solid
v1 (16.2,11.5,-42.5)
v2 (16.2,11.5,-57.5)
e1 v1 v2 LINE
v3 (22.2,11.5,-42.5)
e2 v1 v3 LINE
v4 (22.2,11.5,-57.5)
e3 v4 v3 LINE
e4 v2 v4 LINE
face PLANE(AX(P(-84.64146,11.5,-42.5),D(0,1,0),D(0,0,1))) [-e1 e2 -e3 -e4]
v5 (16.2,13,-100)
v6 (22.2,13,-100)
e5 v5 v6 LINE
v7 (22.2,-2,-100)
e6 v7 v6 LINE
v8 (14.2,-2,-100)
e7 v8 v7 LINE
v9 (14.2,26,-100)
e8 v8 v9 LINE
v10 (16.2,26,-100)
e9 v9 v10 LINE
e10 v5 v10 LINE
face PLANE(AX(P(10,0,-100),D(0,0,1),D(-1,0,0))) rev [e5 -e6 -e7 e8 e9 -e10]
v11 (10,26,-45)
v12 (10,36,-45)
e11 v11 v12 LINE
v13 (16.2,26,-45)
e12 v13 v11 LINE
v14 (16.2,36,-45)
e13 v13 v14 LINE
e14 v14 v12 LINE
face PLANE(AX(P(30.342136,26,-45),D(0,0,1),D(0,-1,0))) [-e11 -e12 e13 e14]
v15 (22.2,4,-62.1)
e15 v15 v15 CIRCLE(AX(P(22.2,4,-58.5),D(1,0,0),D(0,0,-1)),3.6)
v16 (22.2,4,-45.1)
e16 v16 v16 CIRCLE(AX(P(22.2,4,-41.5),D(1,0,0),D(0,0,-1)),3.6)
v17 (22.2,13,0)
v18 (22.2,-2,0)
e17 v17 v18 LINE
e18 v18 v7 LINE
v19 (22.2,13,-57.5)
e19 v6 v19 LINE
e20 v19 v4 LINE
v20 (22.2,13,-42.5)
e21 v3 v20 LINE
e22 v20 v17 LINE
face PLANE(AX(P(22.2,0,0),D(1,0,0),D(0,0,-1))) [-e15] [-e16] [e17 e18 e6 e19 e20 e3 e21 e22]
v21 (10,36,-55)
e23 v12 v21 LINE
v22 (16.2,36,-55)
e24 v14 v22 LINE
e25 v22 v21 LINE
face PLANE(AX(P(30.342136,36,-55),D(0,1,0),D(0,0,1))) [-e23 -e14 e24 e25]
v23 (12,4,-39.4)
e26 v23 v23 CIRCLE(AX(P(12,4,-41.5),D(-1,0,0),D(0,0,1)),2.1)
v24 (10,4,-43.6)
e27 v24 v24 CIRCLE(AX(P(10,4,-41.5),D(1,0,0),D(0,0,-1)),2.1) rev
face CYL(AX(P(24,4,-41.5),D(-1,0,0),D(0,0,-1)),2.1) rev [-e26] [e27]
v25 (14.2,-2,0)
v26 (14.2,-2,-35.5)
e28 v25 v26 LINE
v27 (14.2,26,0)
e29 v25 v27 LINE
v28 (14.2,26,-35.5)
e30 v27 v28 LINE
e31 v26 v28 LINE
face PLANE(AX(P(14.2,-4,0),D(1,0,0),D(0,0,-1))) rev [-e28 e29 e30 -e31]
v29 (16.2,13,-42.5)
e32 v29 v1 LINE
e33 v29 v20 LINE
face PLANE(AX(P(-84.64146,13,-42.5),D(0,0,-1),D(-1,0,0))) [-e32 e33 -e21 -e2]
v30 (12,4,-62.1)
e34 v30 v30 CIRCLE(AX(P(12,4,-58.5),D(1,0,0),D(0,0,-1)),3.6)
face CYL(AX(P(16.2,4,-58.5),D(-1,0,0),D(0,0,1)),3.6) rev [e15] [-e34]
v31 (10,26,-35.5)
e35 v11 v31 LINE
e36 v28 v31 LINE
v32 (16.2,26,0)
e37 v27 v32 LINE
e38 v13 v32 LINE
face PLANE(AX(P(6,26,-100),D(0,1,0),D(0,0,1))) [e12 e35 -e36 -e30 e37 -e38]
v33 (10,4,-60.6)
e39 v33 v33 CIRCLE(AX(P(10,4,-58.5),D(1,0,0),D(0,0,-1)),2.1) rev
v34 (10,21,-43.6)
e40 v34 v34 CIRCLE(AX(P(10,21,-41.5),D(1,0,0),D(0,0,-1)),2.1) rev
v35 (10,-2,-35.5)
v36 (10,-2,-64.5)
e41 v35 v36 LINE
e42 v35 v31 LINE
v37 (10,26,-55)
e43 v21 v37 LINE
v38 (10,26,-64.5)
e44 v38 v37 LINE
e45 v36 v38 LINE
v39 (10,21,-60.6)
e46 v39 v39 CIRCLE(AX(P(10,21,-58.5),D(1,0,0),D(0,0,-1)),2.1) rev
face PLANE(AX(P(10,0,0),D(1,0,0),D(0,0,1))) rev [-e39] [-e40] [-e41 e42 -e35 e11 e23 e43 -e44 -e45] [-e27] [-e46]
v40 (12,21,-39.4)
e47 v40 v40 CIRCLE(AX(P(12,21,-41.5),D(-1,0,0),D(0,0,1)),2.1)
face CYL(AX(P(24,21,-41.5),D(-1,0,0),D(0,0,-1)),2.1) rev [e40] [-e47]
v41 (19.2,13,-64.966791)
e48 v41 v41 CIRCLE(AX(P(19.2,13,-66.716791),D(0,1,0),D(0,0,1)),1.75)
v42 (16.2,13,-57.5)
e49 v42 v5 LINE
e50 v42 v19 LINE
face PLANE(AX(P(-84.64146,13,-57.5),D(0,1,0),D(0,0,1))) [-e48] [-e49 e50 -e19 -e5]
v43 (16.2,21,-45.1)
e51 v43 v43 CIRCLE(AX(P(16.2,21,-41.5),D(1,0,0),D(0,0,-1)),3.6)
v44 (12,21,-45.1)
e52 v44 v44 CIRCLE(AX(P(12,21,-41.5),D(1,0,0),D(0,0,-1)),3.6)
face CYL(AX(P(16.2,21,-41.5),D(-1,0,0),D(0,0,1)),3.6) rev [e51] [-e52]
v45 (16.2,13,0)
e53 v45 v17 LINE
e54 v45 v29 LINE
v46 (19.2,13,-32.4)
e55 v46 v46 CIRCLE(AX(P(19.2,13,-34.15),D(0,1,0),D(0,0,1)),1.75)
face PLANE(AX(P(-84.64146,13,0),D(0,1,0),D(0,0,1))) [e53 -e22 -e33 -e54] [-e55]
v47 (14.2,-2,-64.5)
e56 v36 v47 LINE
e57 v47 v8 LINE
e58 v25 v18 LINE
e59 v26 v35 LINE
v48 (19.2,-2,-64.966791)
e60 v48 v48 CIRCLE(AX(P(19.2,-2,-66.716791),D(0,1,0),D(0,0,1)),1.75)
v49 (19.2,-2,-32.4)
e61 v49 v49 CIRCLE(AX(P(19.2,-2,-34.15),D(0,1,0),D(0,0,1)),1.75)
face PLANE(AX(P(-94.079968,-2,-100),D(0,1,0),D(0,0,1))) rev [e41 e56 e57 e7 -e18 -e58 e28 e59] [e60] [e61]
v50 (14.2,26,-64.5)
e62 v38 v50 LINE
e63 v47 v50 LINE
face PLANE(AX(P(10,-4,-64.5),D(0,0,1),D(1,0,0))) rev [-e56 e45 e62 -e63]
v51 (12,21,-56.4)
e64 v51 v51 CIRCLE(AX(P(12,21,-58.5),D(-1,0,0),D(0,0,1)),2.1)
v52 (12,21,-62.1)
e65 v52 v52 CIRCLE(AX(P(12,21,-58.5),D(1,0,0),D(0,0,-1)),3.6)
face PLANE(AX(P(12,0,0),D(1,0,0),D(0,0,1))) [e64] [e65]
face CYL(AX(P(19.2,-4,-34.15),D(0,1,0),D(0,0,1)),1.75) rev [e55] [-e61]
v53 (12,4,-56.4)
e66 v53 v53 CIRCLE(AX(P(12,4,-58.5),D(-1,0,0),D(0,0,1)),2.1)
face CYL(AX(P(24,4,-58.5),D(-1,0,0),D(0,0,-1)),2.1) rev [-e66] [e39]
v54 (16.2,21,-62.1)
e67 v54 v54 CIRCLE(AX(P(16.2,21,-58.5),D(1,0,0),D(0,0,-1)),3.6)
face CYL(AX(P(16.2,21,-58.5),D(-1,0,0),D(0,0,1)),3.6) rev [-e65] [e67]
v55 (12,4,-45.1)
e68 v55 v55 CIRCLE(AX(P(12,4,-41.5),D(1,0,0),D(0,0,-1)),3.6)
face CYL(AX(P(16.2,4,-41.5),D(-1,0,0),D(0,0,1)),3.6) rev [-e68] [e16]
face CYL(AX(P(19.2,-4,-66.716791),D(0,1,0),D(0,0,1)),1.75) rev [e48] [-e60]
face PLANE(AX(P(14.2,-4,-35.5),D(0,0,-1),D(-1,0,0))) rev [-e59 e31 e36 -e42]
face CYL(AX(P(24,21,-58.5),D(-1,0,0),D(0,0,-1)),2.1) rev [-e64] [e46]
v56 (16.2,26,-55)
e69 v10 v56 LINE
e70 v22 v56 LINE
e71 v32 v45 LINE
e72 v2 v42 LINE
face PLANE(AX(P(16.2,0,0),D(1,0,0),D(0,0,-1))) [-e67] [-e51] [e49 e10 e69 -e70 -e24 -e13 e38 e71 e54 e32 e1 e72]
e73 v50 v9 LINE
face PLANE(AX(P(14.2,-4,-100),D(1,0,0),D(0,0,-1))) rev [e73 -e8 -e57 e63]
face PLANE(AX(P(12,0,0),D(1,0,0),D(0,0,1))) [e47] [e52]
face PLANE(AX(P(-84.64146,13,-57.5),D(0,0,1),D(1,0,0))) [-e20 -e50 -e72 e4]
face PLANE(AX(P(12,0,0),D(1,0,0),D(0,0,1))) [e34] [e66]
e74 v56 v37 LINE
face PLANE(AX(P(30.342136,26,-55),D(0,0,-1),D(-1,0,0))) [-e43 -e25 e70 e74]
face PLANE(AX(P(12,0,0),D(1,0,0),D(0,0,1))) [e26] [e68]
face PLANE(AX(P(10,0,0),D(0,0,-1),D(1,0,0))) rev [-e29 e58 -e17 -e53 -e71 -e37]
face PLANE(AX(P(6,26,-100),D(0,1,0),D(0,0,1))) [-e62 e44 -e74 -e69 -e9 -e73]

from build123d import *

# Parameters (mm, degrees)
SKETCH1_W               = 100
SKETCH1_H               = 26
BOSS_EXTRUDE1_DEPTH     = 2
BOSS_EXTRUDE2_DEPTH     = 100
SKETCH3_W               = 25
SKETCH3_H               = 28
BOSS_EXTRUDE3_DEPTH     = 4
SKETCH4_R               = 2.1
CUT_EXTRUDE1_DEPTH      = 106.39449701
SKETCH5_W               = 120
SKETCH5_H               = 46
SKETCH5_W_2             = 100
SKETCH5_H_2             = 26
CUT_EXTRUDE2_DEPTH      = 105.537074763
CUT_EXTRUDE2_DEPTH_BACK = 105.537074763
SKETCH6_W               = 100
SKETCH6_H               = 26
SKETCH6_R               = 3.6
BOSS_EXTRUDE4_DEPTH     = 4.2
SKETCH8_W               = 100
SKETCH8_H               = 4
BOSS_EXTRUDE5_DEPTH     = 6
SKETCH9_W               = 100
SKETCH9_H               = 4
BOSS_EXTRUDE6_DEPTH     = 10.2
SKETCH10_W              = 4
SKETCH10_H              = 37.5
CUT_EXTRUDE3_DEPTH      = 106.682732743
SKETCH11_W              = 4
SKETCH11_H              = 25
CUT_EXTRUDE4_DEPTH      = 107.737247482
SKETCH13_W              = 10
SKETCH13_H              = 10
BOSS_EXTRUDE7_DEPTH     = 6.2
SKETCH14_W              = 4.2
SKETCH14_H              = 35.5
CUT_EXTRUDE5_DEPTH      = 107.737247482
SKETCH15_R              = 3.6
BOSS_EXTRUDE8_DEPTH     = 6
SKETCH17_R              = 1.75
CUT_EXTRUDE7_DEPTH      = 105.984951303
MOVE_FACE2_BY           = 2


with BuildPart() as part:
    # Sketch1 → Boss-Extrude1 (new body)
    with BuildSketch(Plane(origin=(0, 0, 0), x_dir=(0, 0, -1), z_dir=(1, 0, 0))):
        with Locations((50, 13)):
            Rectangle(SKETCH1_W, SKETCH1_H)
    extrude(amount=BOSS_EXTRUDE1_DEPTH)

    # Sketch2 → Boss-Extrude2 (add)
    with BuildSketch(Plane.XY):
        Polygon((2, 26), (2, 28), (-12, 28), (-12, 24), (-10, 24), (-10, 26), align=None)
    extrude(amount=-BOSS_EXTRUDE2_DEPTH)

    # Sketch3 → Boss-Extrude3 (add)
    with BuildSketch(Plane(origin=(2, 0, 0), x_dir=(0, 0, -1), z_dir=(1, 0, 0))):
        with Locations((50, 14)):
            Rectangle(SKETCH3_W, SKETCH3_H)
    extrude(amount=BOSS_EXTRUDE3_DEPTH)

    # Sketch4 → Cut-Extrude1 (cut, through all)
    with BuildSketch(Plane(origin=(6, 0, 0), x_dir=(0, 0, -1), z_dir=(1, 0, 0))):
        with Locations((41.5, 21)):
            Circle(SKETCH4_R)
        with Locations((58.5, 21)):
            Circle(SKETCH4_R)
        with Locations((58.5, 4)):
            Circle(SKETCH4_R)
        with Locations((41.5, 4)):
            Circle(SKETCH4_R)
    extrude(amount=-CUT_EXTRUDE1_DEPTH, mode=Mode.SUBTRACT)


with BuildPart() as body_2:
    # Mirror1: mirrored copy
    add(part.part.mirror(Plane(origin=(6, 0, 0), x_dir=(0, 0, 1), z_dir=(1, 0, 0))))

    # Sketch5 → Cut-Extrude2 (cut, two sides)
    with BuildSketch(Plane(origin=(12, 0, 0), x_dir=(0, 0, -1), z_dir=(1, 0, 0))) as cut_extrude2_sk:
        with Locations((50, 13)):
            Rectangle(SKETCH5_W, SKETCH5_H)
        with Locations((50, 13)):
            Rectangle(SKETCH5_W_2, SKETCH5_H_2, mode=Mode.SUBTRACT)
    extrude(amount=CUT_EXTRUDE2_DEPTH, mode=Mode.SUBTRACT)
    extrude(cut_extrude2_sk.sketch, amount=-CUT_EXTRUDE2_DEPTH_BACK, mode=Mode.SUBTRACT)


with BuildPart() as body_2_2:
    # of the pieces the cut leaves, the one that is kept (cut_extrude2_keep)
    add(body_2.part.solids().sort_by_distance((12, 0, 0))[0])

    # Sketch6 → Boss-Extrude4 (add)
    with BuildSketch(Plane(origin=(12, 0, 0), x_dir=(0, 0, -1), z_dir=(1, 0, 0))):
        with Locations((50, 13)):
            Rectangle(SKETCH6_W, SKETCH6_H)
        with Locations((41.5, 21)):
            Circle(SKETCH6_R, mode=Mode.SUBTRACT)
        with Locations((58.5, 21)):
            Circle(SKETCH6_R, mode=Mode.SUBTRACT)
        with Locations((58.5, 4)):
            Circle(SKETCH6_R, mode=Mode.SUBTRACT)
        with Locations((41.5, 4)):
            Circle(SKETCH6_R, mode=Mode.SUBTRACT)
    extrude(amount=BOSS_EXTRUDE4_DEPTH)



with BuildPart() as body_2_3:
    # Sketch8 → Boss-Extrude5 (new body)
    with BuildSketch(Plane(origin=(16.2, 0, 0), x_dir=(0, 0, -1), z_dir=(1, 0, 0))):
        with Locations((50, -2)):
            Rectangle(SKETCH8_W, SKETCH8_H)
    extrude(amount=BOSS_EXTRUDE5_DEPTH)


with BuildPart() as body_2_2_1:
    add(body_2_2.part)

    add(body_2_3.part)  # Boss-Extrude6 merges body 2 3
    # Sketch9 → Boss-Extrude6 (add)
    with BuildSketch(Plane.ZY.offset(-16.2)):
        with Locations((-50, -2)):
            Rectangle(SKETCH9_W, SKETCH9_H)
    extrude(amount=BOSS_EXTRUDE6_DEPTH)

    # Sketch10 → Cut-Extrude3 (cut, through all)
    with BuildSketch(Plane(origin=(0, 0, 0), x_dir=(1, 0, 0), z_dir=(0, 1, 0))):
        with Locations((8, 81.25)):
            Rectangle(SKETCH10_W, SKETCH10_H)
        with Locations((8, 18.75)):
            Rectangle(SKETCH10_W, SKETCH10_H)
    extrude(amount=-CUT_EXTRUDE3_DEPTH, mode=Mode.SUBTRACT)

    # Sketch11 → Cut-Extrude4 (cut, through all)
    with BuildSketch(Plane(origin=(0, 26, 0), x_dir=(1, 0, 0), z_dir=(0, 1, 0))):
        with Locations((8, 50)):
            Rectangle(SKETCH11_W, SKETCH11_H)
    extrude(amount=-CUT_EXTRUDE4_DEPTH, mode=Mode.SUBTRACT)

    # Sketch13 → Boss-Extrude7 (add)
    with BuildSketch(Plane.ZY.offset(-10)):
        with Locations((-50, 31)):
            Rectangle(SKETCH13_W, SKETCH13_H)
    extrude(amount=-BOSS_EXTRUDE7_DEPTH)

    # Sketch14 → Cut-Extrude5 (cut, through all)
    with BuildSketch(Plane(origin=(0, 26, 0), x_dir=(1, 0, 0), z_dir=(0, 1, 0))):
        with Locations((12.1, 17.75)):
            Rectangle(SKETCH14_W, SKETCH14_H)
        with Locations((12.1, 82.25)):
            Rectangle(SKETCH14_W, SKETCH14_H)
    extrude(amount=-CUT_EXTRUDE5_DEPTH, mode=Mode.SUBTRACT)

    # Sketch15 → Boss-Extrude8 (add)
    with BuildSketch(Plane(origin=(22.2, 0, 0), x_dir=(0, 0, -1), z_dir=(1, 0, 0))):
        Polygon((0, 0), (100, 0), (100, 13), (57.5, 13), (57.5, 11.5), (42.5, 11.5), (42.5, 13), (0, 13), align=None)
        with Locations((41.5, 4)):
            Circle(SKETCH15_R, mode=Mode.SUBTRACT)
        with Locations((58.5, 4)):
            Circle(SKETCH15_R, mode=Mode.SUBTRACT)
    extrude(amount=-BOSS_EXTRUDE8_DEPTH)

    # Sketch17 → Cut-Extrude7 (cut, through all)
    with BuildSketch(Plane(origin=(0, 13, 0), x_dir=(1, 0, 0), z_dir=(0, 1, 0))):
        with Locations(Location((19.2, 34.15, 0), (0, 0, 270))):
            Circle(SKETCH17_R)
        with Locations(Location((19.2, 66.71679058, 0), (0, 0, 270))):
            Circle(SKETCH17_R)
    extrude(amount=-CUT_EXTRUDE7_DEPTH, mode=Mode.SUBTRACT)

    # Move Face2: a face moved inward by 2.0
    extrude(body_2_2_1.faces().sort_by_distance((17.355486439, -4, -49.990760145))[0], amount=MOVE_FACE2_BY, dir=(0, 1, 0), mode=Mode.SUBTRACT)


solid = body_2_2_1.part
